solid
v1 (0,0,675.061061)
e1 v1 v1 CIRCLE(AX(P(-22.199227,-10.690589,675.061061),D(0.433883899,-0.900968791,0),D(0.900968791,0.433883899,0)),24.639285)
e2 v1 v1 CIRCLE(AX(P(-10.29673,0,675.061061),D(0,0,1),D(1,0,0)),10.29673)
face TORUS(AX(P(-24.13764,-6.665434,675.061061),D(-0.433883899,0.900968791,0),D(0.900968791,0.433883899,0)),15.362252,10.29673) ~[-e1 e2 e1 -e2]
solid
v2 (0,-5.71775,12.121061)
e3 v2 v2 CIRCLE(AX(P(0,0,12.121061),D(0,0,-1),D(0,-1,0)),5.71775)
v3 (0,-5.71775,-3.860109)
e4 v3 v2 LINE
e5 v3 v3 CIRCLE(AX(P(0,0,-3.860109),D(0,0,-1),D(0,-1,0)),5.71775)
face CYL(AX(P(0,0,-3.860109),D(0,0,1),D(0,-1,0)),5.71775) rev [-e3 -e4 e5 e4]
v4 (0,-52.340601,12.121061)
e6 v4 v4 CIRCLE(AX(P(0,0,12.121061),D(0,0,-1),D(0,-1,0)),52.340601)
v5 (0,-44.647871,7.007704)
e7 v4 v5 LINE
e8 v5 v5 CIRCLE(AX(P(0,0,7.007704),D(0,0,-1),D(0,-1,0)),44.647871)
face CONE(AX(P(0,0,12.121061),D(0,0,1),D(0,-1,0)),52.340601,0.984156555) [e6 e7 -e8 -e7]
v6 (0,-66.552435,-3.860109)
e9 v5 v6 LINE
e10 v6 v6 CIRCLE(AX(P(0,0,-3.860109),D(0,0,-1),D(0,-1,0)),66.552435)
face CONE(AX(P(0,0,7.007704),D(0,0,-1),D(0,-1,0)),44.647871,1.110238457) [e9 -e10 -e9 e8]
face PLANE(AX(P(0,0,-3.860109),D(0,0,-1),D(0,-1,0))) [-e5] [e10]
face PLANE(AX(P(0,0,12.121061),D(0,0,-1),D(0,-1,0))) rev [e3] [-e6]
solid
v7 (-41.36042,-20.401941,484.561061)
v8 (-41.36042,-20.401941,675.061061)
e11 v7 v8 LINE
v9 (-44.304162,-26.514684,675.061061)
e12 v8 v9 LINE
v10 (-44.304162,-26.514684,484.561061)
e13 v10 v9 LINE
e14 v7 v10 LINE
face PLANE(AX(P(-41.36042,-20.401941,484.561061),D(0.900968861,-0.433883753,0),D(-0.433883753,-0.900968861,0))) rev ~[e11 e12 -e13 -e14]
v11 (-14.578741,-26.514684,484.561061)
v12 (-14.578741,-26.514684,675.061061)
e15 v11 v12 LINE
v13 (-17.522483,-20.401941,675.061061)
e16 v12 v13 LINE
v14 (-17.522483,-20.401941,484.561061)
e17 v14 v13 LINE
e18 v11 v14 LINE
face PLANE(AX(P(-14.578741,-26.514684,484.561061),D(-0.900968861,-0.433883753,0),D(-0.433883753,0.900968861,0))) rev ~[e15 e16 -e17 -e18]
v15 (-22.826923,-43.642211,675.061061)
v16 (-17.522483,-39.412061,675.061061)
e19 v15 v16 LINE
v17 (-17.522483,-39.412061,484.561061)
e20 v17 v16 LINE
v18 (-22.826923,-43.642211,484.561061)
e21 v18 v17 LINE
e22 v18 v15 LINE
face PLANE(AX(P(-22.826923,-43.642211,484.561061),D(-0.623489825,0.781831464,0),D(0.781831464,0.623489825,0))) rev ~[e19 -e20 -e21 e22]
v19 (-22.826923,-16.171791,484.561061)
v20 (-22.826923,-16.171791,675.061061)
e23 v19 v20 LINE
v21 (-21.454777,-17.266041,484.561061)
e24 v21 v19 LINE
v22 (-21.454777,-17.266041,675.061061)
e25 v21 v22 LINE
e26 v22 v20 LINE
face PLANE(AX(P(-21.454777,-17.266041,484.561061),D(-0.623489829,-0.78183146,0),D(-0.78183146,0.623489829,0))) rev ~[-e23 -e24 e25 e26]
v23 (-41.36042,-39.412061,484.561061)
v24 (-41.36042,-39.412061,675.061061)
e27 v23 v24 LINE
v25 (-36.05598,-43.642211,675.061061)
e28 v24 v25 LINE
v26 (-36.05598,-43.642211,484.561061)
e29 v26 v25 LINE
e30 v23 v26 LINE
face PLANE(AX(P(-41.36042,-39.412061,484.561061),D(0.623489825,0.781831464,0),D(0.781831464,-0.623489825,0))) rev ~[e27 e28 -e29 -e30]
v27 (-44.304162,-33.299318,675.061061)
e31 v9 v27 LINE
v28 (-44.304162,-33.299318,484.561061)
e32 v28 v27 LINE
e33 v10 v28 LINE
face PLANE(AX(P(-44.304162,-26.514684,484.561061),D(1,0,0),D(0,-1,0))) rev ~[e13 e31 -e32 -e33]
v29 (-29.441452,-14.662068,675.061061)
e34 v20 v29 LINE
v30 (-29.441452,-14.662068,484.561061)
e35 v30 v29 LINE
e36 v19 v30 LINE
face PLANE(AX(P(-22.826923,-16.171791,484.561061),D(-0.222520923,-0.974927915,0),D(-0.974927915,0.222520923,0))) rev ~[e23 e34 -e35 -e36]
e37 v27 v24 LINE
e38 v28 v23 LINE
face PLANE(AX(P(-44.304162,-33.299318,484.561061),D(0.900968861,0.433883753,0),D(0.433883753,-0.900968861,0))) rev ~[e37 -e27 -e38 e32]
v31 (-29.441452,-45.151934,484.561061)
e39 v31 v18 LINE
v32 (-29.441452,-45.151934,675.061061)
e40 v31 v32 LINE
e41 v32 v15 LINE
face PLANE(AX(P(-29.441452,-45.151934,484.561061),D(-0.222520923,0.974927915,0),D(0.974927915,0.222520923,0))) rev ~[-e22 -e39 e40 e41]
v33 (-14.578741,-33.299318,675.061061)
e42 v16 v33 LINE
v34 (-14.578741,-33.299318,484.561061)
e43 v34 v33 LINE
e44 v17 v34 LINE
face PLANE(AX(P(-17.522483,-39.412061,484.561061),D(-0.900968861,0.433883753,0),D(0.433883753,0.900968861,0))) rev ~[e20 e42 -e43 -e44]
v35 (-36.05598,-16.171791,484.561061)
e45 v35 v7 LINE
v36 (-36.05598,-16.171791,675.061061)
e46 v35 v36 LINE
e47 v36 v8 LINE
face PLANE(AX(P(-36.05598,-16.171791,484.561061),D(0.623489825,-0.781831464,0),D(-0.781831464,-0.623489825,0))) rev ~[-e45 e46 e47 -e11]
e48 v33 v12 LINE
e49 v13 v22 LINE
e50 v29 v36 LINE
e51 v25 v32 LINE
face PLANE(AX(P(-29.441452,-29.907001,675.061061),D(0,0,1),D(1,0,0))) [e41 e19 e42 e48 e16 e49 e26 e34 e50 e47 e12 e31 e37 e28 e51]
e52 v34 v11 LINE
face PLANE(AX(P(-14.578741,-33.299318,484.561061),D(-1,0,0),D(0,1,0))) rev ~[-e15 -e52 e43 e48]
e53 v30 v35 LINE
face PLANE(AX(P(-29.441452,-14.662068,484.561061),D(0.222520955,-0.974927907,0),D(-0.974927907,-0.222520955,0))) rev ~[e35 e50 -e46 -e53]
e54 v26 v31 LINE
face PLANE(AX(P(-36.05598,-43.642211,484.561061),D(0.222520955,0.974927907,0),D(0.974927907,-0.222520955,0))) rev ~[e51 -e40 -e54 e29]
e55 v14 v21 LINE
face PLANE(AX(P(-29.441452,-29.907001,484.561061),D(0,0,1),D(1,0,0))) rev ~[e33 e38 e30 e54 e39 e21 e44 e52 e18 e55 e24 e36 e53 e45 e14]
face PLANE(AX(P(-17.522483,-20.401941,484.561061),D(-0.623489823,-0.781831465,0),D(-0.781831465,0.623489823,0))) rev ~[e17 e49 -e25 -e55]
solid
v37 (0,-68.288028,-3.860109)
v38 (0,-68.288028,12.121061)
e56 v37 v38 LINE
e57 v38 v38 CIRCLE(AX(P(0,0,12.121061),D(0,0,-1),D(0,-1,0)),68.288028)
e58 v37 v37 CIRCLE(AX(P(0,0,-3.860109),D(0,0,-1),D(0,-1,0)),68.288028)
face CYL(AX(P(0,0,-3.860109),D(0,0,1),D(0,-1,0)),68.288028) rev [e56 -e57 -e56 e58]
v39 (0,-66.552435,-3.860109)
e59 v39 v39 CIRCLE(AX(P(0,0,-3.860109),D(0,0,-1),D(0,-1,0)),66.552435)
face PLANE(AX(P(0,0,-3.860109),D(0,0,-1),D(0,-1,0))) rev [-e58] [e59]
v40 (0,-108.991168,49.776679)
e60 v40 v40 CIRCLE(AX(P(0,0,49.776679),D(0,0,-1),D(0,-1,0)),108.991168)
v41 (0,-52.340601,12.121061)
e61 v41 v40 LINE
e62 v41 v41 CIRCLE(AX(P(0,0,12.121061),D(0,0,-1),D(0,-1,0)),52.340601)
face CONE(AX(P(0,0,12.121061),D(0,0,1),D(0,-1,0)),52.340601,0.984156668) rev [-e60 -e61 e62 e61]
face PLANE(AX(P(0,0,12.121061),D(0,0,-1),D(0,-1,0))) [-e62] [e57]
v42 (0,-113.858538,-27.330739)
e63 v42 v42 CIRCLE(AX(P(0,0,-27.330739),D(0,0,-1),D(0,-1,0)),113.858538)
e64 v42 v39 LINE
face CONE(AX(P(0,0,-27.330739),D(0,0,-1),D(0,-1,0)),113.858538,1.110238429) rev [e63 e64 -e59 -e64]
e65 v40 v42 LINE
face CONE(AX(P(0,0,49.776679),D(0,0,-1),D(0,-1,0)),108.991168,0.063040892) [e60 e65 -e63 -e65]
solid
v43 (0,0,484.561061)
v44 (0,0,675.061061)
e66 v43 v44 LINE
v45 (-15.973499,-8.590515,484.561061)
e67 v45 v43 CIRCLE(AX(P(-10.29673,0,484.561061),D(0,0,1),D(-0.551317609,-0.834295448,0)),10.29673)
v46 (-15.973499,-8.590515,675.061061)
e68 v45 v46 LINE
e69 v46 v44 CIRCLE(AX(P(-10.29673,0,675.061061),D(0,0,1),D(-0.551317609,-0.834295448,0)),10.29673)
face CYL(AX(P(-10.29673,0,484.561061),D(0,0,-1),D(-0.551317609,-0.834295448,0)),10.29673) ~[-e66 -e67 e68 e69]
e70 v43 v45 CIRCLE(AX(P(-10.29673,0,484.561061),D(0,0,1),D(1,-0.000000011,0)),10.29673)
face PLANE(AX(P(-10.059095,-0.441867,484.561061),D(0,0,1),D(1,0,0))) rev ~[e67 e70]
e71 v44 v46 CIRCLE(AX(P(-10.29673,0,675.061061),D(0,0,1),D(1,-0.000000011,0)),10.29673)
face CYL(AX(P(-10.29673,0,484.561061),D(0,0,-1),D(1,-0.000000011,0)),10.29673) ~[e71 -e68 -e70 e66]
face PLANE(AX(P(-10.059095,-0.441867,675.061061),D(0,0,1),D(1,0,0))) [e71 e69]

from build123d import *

# Parameters (mm, degrees)
F5_DEPTH  = 190.5
F5_FACE_R = 10.29673


with BuildPart() as f2:
    # F1 (on Right) → F2 (revolve)
    with BuildSketch(Plane.YZ):
        Polygon((-5.71775, -3.860109), (-5.71775, 12.121061), (-52.340601, 12.121061), (-44.647871, 7.007704), (-66.552435, -3.860109), align=None)
        Polygon((-68.288028, 12.121061), (-52.340601, 12.121061), (-108.991168, 49.776679), (-113.858538, -27.330739), (-66.552435, -3.860109), (-68.288028, -3.860109), align=None)
    revolve(axis=Axis((0, 0, -0.971727), (0, 0, -1)))


with BuildPart() as f5:
    # F4 (on offset) → F5 (new body)
    with BuildSketch(Plane.XY.offset(484.561061)):
        with BuildLine():
            ThreePointArc((-15.973499, -8.590515), (-5.419718, -9.068484), (0, 0))
            ThreePointArc((0, 0), (-15.173743, 9.068484), (-15.973499, -8.590515))
        make_face()
        Polygon((-17.522483, -20.401941), (-21.454777, -17.266041), (-22.826923, -16.171791), (-29.441452, -14.662068), (-36.05598, -16.171791), (-41.36042, -20.401941), (-44.304162, -26.514684), (-44.304162, -33.299318), (-41.36042, -39.412061), (-36.05598, -43.642211), (-29.441452, -45.151934), (-22.826923, -43.642211), (-17.522483, -39.412061), (-14.578741, -33.299318), (-14.578741, -26.514684), align=None)
    extrude(amount=F5_DEPTH)


with BuildPart() as f6:
    # F5_face (on face) → F6 (revolve)
    with BuildSketch(Plane(origin=(-10.29673, 0, 675.061061), x_dir=(1, 0, 0), z_dir=(0, 0, 1))):
        Circle(F5_FACE_R)
    revolve(axis=Axis((-16.050612, -23.458313, 675.061061), (0.433884, -0.900969, 0)))


solid = Compound([f2.part, f5.part, f6.part])
